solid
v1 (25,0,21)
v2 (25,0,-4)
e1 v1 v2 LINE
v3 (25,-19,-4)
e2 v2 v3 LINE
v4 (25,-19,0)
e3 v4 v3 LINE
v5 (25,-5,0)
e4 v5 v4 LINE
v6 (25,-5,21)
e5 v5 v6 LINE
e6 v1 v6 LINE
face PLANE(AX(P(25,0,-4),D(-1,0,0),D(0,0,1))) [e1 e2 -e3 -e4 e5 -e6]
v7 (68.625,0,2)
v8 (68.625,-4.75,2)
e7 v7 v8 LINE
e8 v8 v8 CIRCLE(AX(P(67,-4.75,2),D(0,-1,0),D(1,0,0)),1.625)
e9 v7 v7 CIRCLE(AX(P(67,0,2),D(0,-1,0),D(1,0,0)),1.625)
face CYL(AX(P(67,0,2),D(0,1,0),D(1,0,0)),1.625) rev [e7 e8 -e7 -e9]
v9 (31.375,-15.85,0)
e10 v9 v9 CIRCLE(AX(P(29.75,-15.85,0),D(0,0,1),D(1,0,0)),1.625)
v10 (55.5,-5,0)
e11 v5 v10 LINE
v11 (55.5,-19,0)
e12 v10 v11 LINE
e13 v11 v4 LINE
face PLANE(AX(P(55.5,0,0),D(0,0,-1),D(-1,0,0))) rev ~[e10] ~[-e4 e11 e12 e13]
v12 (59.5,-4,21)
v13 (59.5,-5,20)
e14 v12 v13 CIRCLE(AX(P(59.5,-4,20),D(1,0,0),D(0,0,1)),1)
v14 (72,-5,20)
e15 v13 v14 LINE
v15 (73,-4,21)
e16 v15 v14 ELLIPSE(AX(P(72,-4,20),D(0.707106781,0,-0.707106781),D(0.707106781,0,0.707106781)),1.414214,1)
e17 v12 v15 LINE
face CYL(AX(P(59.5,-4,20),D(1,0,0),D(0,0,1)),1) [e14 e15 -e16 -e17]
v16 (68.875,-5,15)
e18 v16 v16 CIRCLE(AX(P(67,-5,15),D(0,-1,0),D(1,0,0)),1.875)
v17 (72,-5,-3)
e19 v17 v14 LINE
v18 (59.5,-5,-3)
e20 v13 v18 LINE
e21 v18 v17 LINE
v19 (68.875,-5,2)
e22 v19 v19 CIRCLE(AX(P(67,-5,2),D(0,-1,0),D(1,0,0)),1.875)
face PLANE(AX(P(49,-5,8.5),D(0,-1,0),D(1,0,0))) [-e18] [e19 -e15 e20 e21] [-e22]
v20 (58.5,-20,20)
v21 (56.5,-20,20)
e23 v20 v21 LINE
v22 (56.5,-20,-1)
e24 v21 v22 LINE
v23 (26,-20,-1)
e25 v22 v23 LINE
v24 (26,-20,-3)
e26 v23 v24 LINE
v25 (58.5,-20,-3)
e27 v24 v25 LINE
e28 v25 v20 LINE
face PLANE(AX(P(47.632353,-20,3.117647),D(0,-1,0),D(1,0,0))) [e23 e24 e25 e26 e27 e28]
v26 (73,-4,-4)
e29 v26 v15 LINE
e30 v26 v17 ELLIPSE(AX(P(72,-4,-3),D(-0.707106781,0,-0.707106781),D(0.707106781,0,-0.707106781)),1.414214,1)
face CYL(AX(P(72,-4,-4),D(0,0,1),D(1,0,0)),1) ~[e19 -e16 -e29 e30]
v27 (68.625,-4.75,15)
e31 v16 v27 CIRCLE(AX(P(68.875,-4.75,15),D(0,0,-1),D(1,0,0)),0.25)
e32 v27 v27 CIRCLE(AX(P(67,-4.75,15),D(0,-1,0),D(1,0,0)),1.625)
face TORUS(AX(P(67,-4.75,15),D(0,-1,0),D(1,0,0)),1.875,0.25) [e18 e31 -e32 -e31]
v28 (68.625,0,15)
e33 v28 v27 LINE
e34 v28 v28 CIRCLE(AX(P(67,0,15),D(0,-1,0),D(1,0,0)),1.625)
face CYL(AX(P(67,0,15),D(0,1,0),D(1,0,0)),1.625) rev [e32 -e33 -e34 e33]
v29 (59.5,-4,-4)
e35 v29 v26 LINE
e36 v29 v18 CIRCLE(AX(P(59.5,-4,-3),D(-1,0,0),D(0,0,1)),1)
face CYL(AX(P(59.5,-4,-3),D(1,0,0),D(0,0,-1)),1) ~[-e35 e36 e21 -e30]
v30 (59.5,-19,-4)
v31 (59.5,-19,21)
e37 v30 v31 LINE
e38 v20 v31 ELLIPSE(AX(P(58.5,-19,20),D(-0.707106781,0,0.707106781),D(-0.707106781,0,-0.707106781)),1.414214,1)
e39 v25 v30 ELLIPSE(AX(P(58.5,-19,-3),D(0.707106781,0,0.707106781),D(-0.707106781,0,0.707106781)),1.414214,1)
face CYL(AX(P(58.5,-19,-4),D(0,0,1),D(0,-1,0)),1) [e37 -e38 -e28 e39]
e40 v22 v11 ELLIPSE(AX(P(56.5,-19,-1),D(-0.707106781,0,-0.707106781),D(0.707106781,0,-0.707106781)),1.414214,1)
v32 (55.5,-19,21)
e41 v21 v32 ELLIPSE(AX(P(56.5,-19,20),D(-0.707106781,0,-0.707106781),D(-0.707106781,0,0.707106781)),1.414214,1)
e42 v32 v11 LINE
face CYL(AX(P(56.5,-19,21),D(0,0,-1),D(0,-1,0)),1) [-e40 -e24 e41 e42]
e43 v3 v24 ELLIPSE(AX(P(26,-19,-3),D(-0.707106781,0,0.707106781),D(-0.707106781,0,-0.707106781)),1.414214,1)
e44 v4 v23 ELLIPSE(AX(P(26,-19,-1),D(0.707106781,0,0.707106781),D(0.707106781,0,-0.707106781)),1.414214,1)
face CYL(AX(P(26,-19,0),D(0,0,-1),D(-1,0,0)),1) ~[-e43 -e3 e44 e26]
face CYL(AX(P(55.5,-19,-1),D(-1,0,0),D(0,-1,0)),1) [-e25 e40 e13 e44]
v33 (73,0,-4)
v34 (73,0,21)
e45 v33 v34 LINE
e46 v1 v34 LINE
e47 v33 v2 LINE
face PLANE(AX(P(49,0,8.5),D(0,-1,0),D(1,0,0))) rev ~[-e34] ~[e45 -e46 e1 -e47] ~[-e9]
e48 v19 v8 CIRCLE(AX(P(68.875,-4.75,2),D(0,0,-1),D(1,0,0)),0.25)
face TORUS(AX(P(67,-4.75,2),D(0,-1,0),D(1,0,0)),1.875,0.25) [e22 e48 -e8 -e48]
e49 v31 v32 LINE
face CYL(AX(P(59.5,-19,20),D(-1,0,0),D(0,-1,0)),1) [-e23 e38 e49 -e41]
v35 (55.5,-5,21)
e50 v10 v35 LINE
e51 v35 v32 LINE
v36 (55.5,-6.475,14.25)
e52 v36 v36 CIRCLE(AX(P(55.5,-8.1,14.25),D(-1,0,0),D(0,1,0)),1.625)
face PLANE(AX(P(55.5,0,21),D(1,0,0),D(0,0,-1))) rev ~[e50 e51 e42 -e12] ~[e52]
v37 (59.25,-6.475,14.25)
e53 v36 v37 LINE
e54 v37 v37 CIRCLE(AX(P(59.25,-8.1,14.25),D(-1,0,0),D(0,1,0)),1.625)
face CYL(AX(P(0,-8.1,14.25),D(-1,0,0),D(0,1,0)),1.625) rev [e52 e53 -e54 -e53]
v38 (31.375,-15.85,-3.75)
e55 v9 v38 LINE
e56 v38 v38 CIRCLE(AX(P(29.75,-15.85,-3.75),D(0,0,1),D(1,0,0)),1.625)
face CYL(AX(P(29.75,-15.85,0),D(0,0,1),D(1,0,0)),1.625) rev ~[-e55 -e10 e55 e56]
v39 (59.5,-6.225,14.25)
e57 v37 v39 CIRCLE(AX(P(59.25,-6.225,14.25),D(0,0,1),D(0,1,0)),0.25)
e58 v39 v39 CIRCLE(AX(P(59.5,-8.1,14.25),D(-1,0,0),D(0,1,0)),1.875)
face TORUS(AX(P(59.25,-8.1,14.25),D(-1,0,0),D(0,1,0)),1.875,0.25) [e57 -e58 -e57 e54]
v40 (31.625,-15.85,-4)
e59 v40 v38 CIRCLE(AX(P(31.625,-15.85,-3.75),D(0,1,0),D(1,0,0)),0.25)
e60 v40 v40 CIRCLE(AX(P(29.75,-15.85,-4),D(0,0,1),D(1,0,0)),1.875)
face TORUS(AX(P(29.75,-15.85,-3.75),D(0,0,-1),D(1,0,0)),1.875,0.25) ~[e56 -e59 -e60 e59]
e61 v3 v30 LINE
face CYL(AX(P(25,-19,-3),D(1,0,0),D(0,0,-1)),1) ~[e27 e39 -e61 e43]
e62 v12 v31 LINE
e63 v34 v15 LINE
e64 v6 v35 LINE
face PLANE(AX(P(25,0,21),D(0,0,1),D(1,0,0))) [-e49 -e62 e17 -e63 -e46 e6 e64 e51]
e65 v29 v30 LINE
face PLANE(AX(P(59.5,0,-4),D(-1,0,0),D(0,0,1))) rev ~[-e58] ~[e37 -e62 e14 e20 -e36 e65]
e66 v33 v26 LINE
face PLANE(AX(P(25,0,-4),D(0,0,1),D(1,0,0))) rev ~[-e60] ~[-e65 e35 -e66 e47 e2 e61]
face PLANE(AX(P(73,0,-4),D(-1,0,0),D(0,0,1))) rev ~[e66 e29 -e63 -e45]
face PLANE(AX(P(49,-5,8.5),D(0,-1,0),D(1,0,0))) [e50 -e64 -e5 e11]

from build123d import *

# Parameters (mm, degrees)
SKETCH007_R      = 1.625
EXTRUDE007_DEPTH = 75
SKETCH006_R      = 1.625
EXTRUDE006_DEPTH = 10
EXTRUDE004_DEPTH = 20
SKETCH005_W      = 48
SKETCH005_H      = 25
SKETCH005_R      = 1.625
EXTRUDE005_DEPTH = 5
FILLET014_R      = 1
FILLET001_R      = 1
FILLET002_R      = 0.25


with BuildPart() as extrude007:
    # Sketch007 → Extrude007 (new body)
    with BuildSketch(Plane.YZ):
        with Locations((-8.1, 14.25)):
            Circle(SKETCH007_R)
    extrude(amount=EXTRUDE007_DEPTH)


with BuildPart() as cuts:
    # Sketch006 → Extrude006 (new body)
    with BuildSketch(Plane.XY):
        with Locations((29.75, -15.85)):
            Circle(SKETCH006_R)
    extrude(amount=-EXTRUDE006_DEPTH)

    # Fusion016: union Extrude007
    add(extrude007.part)


with BuildPart() as extrude004:
    # Sketch004 → Extrude004 (new body)
    with BuildSketch(Plane.XZ):
        Polygon((25, 0), (25, -4), (59.5, -4), (59.5, 21), (55.5, 21), (55.5, 0), align=None)
    extrude(amount=EXTRUDE004_DEPTH)


with BuildPart() as fillet002:
    # Sketch005 → Extrude005 (new body)
    with BuildSketch(Plane.XZ):
        with Locations((49, 8.5)):
            Rectangle(SKETCH005_W, SKETCH005_H)
        with Locations((67, 15)):
            Circle(SKETCH005_R, mode=Mode.SUBTRACT)
        with Locations((67, 2)):
            Circle(SKETCH005_R, mode=Mode.SUBTRACT)
    extrude(amount=EXTRUDE005_DEPTH)

    # Fusion015: union Extrude004
    add(extrude004.part)

    # Cut019: cut cuts
    add(cuts.part, mode=Mode.SUBTRACT)

    # Fillet014
    fillet014_edges = [fillet002.edges().sort_by_distance(p)[0] for p in [
        (57.5, -20, 21),
        (59.5, -20, 8.5),
        (55.5, -20, 10.5),
        (25, -20, -2),
        (42.25, -20, -4),
        (40.25, -20, 0),
    ]]
    fillet(fillet014_edges, radius=FILLET014_R)

    # Fillet001
    fillet001_edges = [fillet002.edges().sort_by_distance(p)[0] for p in [
        (66.25, -5, 21),
        (66.25, -5, -4),
        (73, -5, 8.5),
    ]]
    fillet(fillet001_edges, radius=FILLET001_R)

    # Fillet002
    fillet002_edges = [fillet002.edges().sort_by_distance(p)[0] for p in [
        (59.5, -9.725, 14.25),
        (28.125, -15.85, -4),
        (65.375, -5, 2),
        (65.375, -5, 15),
    ]]
    fillet(fillet002_edges, radius=FILLET002_R)


solid = fillet002.part
